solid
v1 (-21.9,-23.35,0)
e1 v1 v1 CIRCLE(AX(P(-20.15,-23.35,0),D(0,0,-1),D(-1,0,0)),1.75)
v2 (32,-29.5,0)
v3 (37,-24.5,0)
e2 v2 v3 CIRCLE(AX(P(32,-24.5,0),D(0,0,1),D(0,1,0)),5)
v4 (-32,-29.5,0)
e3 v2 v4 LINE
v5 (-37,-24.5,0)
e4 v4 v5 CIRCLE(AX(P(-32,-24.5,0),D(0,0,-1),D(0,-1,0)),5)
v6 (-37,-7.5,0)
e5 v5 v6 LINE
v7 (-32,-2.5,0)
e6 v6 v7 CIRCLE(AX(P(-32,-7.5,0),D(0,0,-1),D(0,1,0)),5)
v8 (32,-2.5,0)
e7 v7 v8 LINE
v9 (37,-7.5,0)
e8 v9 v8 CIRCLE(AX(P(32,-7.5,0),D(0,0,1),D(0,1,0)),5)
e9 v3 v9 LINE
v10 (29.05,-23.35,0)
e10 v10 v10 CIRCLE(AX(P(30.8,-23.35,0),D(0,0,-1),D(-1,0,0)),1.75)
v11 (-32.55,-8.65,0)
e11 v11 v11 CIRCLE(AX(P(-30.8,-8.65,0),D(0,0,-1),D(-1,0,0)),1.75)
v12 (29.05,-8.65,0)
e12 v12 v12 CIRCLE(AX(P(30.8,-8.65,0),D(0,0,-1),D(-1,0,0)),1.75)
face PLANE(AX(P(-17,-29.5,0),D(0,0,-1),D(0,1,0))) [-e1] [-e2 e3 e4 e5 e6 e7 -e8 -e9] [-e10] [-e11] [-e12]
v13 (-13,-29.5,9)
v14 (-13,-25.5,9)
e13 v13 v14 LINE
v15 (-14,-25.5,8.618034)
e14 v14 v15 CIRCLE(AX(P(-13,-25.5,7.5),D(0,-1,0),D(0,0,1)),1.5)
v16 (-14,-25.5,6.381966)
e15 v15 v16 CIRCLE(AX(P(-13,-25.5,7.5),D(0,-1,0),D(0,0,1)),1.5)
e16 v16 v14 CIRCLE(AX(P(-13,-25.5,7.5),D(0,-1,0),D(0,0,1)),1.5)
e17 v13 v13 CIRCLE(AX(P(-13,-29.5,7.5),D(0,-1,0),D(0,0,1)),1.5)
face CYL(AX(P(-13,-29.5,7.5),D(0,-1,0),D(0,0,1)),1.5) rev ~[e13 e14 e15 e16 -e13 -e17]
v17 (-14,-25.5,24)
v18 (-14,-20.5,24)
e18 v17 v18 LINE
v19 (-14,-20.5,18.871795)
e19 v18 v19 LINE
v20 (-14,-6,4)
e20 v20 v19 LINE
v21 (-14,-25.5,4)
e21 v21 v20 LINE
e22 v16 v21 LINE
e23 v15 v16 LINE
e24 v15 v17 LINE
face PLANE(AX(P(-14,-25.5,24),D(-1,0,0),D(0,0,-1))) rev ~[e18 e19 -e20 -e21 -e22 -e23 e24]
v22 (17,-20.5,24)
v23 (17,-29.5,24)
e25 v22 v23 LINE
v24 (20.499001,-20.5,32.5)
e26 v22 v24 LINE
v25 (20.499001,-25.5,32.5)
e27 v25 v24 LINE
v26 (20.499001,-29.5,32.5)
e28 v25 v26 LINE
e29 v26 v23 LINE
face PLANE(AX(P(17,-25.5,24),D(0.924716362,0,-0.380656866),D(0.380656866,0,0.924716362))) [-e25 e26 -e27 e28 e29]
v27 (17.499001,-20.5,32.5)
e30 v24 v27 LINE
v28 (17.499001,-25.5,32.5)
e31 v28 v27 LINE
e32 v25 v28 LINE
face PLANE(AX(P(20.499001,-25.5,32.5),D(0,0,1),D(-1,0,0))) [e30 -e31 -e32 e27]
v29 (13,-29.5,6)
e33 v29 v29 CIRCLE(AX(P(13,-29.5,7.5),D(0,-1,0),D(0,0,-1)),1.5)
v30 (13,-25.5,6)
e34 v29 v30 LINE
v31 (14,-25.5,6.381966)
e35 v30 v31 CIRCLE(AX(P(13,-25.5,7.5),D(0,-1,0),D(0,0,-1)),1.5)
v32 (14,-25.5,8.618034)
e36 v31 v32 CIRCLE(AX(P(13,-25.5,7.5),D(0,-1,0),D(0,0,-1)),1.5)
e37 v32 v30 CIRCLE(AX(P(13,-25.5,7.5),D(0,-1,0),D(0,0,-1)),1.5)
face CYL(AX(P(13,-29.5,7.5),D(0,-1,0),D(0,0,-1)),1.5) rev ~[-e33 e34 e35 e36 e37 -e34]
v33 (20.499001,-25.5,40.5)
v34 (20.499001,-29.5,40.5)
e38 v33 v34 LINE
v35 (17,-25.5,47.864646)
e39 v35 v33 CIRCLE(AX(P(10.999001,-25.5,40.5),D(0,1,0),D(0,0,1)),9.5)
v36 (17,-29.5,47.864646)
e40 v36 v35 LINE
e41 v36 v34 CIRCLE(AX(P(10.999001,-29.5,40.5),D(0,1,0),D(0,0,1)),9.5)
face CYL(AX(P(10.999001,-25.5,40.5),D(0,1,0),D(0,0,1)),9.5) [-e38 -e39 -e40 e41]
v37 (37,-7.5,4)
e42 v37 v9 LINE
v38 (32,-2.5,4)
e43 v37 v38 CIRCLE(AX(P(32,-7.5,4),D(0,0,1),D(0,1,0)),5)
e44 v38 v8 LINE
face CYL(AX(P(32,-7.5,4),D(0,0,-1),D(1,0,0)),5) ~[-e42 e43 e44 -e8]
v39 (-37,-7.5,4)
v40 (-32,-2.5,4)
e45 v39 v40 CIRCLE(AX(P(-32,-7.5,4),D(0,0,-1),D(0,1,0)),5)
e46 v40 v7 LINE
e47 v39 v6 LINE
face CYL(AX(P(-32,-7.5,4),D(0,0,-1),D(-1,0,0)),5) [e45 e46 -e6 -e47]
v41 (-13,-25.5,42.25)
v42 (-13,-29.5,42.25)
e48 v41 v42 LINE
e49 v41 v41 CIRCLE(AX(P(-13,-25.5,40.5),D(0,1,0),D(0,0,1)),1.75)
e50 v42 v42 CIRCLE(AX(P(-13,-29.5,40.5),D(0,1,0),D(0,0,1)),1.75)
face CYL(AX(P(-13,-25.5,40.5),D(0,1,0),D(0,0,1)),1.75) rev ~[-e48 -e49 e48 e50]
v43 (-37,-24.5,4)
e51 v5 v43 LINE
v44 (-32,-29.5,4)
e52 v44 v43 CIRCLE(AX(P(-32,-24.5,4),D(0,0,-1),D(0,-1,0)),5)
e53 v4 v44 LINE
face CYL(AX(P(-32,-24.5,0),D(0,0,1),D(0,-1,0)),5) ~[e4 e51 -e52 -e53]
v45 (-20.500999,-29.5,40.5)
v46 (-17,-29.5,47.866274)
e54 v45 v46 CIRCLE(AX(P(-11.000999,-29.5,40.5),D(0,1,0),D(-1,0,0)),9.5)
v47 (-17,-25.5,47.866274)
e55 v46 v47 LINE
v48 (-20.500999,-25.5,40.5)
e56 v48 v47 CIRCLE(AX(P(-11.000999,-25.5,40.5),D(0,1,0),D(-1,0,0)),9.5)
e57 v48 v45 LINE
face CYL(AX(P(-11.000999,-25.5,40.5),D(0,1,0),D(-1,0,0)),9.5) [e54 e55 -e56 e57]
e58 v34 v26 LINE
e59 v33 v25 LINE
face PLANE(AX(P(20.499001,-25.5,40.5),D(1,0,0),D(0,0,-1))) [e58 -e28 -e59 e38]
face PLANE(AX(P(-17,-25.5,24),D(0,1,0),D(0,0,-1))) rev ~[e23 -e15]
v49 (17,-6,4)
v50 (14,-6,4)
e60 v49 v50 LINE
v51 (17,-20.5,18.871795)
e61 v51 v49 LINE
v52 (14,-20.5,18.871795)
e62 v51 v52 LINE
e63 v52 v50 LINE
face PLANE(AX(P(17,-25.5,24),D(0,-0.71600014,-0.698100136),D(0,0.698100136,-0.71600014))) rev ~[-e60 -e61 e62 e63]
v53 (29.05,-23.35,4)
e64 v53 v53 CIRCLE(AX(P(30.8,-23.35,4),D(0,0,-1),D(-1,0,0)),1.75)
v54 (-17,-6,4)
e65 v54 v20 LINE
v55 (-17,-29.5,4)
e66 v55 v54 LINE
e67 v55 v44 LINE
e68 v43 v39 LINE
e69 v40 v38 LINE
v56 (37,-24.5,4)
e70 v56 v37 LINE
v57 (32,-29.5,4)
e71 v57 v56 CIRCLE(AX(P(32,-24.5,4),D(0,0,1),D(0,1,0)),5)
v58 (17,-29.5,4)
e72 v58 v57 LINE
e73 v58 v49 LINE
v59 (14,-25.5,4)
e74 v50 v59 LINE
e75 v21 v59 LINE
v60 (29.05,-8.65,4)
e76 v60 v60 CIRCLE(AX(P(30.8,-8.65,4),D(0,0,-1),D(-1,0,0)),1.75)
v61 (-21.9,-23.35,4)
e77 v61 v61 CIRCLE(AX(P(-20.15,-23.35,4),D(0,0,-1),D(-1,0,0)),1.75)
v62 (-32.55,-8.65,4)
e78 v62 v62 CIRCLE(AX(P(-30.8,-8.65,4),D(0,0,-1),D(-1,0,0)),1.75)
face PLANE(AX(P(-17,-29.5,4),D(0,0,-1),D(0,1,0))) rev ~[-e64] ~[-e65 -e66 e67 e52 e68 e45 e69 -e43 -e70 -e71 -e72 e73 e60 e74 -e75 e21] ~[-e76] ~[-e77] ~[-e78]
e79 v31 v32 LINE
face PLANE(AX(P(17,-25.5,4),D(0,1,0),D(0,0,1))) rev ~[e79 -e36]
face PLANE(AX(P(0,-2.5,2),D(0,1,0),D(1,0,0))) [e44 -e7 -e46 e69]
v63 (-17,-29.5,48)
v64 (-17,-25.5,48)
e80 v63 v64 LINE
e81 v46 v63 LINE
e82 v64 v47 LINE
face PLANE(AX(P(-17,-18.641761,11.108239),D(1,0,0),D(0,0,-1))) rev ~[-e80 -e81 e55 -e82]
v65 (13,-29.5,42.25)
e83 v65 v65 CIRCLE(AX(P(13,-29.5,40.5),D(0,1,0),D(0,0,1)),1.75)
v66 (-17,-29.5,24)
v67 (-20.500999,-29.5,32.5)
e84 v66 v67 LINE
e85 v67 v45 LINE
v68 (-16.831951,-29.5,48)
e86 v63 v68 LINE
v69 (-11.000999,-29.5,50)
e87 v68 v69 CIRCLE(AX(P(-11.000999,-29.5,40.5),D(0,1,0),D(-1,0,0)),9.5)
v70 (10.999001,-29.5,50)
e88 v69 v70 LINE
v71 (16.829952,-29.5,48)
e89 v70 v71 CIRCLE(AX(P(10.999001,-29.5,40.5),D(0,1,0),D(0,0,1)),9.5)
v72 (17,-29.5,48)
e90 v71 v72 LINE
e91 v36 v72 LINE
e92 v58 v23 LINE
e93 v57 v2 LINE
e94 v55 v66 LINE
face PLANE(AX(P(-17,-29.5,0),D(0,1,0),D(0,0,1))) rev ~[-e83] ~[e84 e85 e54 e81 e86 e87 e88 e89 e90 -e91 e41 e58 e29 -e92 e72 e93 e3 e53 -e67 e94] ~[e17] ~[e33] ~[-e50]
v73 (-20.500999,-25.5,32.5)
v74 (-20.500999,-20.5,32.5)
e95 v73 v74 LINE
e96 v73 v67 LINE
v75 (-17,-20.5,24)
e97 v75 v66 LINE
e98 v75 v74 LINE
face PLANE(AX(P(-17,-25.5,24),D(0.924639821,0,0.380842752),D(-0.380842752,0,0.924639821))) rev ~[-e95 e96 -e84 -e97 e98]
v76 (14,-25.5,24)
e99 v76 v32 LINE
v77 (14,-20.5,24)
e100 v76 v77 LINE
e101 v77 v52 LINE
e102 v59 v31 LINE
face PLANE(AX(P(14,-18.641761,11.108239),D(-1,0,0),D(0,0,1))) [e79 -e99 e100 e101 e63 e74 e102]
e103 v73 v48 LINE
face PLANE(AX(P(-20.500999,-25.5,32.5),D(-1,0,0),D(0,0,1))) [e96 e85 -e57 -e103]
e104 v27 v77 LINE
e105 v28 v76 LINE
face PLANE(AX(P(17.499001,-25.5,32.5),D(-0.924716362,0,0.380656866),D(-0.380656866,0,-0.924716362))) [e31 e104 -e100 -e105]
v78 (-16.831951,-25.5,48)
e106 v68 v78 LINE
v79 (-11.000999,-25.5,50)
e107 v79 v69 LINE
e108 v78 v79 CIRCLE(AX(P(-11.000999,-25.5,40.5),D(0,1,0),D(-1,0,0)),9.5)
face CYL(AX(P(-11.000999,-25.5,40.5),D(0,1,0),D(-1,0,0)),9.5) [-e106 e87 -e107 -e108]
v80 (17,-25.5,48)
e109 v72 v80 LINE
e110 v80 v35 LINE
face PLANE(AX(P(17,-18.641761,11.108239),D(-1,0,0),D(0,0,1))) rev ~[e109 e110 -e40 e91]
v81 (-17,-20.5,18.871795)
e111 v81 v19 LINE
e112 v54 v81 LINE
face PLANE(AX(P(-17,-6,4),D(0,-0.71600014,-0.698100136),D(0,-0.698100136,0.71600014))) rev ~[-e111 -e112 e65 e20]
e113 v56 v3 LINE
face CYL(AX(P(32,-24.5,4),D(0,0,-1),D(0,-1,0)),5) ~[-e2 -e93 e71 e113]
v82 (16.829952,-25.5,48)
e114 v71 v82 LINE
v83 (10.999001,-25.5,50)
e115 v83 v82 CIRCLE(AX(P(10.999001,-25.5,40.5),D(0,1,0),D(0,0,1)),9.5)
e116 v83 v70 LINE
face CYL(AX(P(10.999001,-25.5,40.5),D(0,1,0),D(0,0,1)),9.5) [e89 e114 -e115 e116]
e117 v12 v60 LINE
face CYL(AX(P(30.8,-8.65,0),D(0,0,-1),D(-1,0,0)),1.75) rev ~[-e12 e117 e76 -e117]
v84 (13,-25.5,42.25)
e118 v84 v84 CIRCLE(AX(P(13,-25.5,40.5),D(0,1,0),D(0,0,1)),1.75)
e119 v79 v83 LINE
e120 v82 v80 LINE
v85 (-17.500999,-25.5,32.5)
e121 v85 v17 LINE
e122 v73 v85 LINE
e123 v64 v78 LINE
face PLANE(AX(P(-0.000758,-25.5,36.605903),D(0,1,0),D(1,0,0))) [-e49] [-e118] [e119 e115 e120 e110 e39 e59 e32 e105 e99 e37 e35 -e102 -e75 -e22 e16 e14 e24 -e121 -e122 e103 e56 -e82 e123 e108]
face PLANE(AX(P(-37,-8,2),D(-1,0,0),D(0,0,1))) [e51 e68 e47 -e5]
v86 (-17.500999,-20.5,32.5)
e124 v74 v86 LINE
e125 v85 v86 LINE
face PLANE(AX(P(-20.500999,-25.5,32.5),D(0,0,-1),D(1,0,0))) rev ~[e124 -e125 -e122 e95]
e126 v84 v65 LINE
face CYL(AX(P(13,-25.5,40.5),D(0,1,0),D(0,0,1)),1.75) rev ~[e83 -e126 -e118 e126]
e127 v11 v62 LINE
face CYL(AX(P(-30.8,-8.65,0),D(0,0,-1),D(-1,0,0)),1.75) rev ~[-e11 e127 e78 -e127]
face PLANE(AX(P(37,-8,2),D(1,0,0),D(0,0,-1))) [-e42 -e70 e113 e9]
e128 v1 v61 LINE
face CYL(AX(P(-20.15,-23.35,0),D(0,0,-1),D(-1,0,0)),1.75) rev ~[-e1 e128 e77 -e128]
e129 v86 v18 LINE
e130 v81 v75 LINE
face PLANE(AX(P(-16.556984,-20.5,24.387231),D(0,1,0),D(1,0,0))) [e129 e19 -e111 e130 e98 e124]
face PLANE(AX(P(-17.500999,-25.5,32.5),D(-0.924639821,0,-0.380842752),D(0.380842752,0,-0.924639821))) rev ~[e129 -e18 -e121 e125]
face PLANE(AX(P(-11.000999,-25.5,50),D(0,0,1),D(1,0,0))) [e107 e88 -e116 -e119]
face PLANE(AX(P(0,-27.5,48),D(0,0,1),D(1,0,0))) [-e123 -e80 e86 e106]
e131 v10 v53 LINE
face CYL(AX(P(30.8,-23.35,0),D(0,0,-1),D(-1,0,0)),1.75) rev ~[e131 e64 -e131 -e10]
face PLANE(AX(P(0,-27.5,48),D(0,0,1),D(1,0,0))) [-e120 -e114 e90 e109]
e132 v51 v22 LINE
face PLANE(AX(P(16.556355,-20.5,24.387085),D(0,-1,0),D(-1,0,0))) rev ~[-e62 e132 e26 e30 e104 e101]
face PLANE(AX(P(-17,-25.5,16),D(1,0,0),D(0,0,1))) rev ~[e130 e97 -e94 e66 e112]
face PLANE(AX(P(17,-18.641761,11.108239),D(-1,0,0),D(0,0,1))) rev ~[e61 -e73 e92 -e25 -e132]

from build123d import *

# Parameters (mm, degrees)
SKETCH_1_W          = 34
SKETCH_1_H          = 51
EXTRUDE_1_DEPTH     = 4
SKETCH_5_W          = 34
SKETCH_5_H          = 15
EXTRUDE_2_DEPTH     = 4
SKETCH_6_R          = 1.5
CUT_EXTRUDE_3_DEPTH = 4
SKETCH_12_W         = 34
SKETCH_12_H         = 4
CUT_EXTRUDE_5_DEPTH = 5
SKETCH_13_W         = 34
SKETCH_13_H         = 4
CUT_EXTRUDE_6_DEPTH = 7
SKETCH_14_W         = 34
SKETCH_14_H         = 4
EXTRUDE_3_DEPTH     = 33
SKETCH_15_R         = 1.75
CUT_EXTRUDE_7_DEPTH = 44
EXTRUDE_4_DEPTH     = 3
EXTRUDE_5_DEPTH     = 3
SKETCH_18_R         = 1.75
EXTRUDE_6_DEPTH     = 4
EXTRUDE_7_DEPTH     = 5
SKETCH_20_W         = 4
SKETCH_20_H         = 43
EXTRUDE_8_DEPTH     = 20
SKETCH_21_W         = 4
SKETCH_21_H         = 43
EXTRUDE_9_DEPTH     = 20
SKETCH_22_W         = 74
SKETCH_22_H         = 4
CUT_EXTRUDE_8_DEPTH = 16
SKETCH_23_R         = 1.75
CUT_EXTRUDE_9_DEPTH = 16
FILLET_1_R          = 5


with BuildPart() as part:
    # 草图1 → 凸台-拉伸1 (new body)
    with BuildSketch(Plane.XY):
        Rectangle(SKETCH_1_W, SKETCH_1_H)
    extrude(amount=EXTRUDE_1_DEPTH)

    # 草图5 → 凸台-拉伸2 (add)
    with BuildSketch(Plane.XZ.offset(25.5)):
        with Locations((0, 7.5)):
            Rectangle(SKETCH_5_W, SKETCH_5_H)
    extrude(amount=EXTRUDE_2_DEPTH)

    # 草图6 → 切除-拉伸3 (cut)
    with BuildSketch(Plane.XZ.offset(29.5)):
        with Locations(Location((13, 7.5, 0), (0, 0, 270))):
            Circle(SKETCH_6_R)
        with Locations(Location((-13, 7.5, 0), (0, 0, 90))):
            Circle(SKETCH_6_R)
    extrude(amount=-CUT_EXTRUDE_3_DEPTH, mode=Mode.SUBTRACT)

    # 草图12 → 切除-拉伸5 (cut)
    with BuildSketch(Plane(origin=(0, 25.5, 0), x_dir=(1, 0, 0), z_dir=(0, 1, 0))):
        with Locations((0, -2)):
            Rectangle(SKETCH_12_W, SKETCH_12_H)
    extrude(amount=-CUT_EXTRUDE_5_DEPTH, mode=Mode.SUBTRACT)

    # 草图13 → 切除-拉伸6 (cut)
    with BuildSketch(Plane(origin=(0, 20.5, 0), x_dir=(1, 0, 0), z_dir=(0, 1, 0))):
        with Locations((0, -2)):
            Rectangle(SKETCH_13_W, SKETCH_13_H)
    extrude(amount=-CUT_EXTRUDE_6_DEPTH, mode=Mode.SUBTRACT)

    # 草图14 → 凸台-拉伸3 (add)
    with BuildSketch(Plane.XY.offset(15)):
        with Locations((0, -27.5)):
            Rectangle(SKETCH_14_W, SKETCH_14_H)
    extrude(amount=EXTRUDE_3_DEPTH)

    # 草图15 → 切除-拉伸7 (cut)
    with BuildSketch(Plane(origin=(0, -25.5, 0), x_dir=(1, 0, 0), z_dir=(0, 1, 0))):
        with Locations(Location((13, -40.5, 0), (0, 0, 270))):
            Circle(SKETCH_15_R)
        with Locations(Location((-13, -40.5, 0), (0, 0, 270))):
            Circle(SKETCH_15_R)
    extrude(amount=-CUT_EXTRUDE_7_DEPTH, mode=Mode.SUBTRACT)

    # 草图16 → 凸台-拉伸4 (add)
    with BuildSketch(Plane.ZY.offset(17)):
        Polygon((4, -25.5), (4, -6), (24, -25.5), align=None)
    extrude(amount=-EXTRUDE_4_DEPTH)

    # 草图17 → 凸台-拉伸5 (add)
    with BuildSketch(Plane(origin=(17, 0, 0), x_dir=(0, 0, -1), z_dir=(1, 0, 0))):
        Polygon((-24, -25.5), (-4, -6), (-4, -25.5), align=None)
    extrude(amount=-EXTRUDE_5_DEPTH)

    # 草图18 → 凸台-拉伸6 (add)
    with BuildSketch(Plane(origin=(0, -25.5, 0), x_dir=(1, 0, 0), z_dir=(0, 1, 0))):
        with BuildLine():
            Line((20.499000769, -32.499999751), (17, -24))
            Line((17, -24), (-17, -24))
            Line((-17, -24), (-20.500999231, -32.499999751))
            Line((-20.500999231, -32.499999751), (-20.500999231, -40.499999751))
            ThreePointArc((-20.500999231, -40.499999751), (-17.718513652, -47.217514172), (-11.000999231, -49.999999751))
            Line((-11.000999231, -49.999999751), (10.999000769, -49.999999751))
            ThreePointArc((10.999000769, -49.999999751), (17.71651519, -47.217514172), (20.499000769, -40.499999751))
            Line((20.499000769, -40.499999751), (20.499000769, -32.499999751))
        make_face()
        with Locations(Location((-13, -40.5, 0), (0, 0, 270))):
            Circle(SKETCH_18_R, mode=Mode.SUBTRACT)
        with Locations(Location((13, -40.5, 0), (0, 0, 270))):
            Circle(SKETCH_18_R, mode=Mode.SUBTRACT)
    extrude(amount=-EXTRUDE_6_DEPTH)

    # 草图19 → 凸台-拉伸7 (add)
    with BuildSketch(Plane(origin=(0, -25.5, 0), x_dir=(1, 0, 0), z_dir=(0, 1, 0))):
        Polygon((-20.500999231, -32.499999751), (-17.500999231, -32.499999751), (-14, -24), (-14, -16), (-17, -16), (-17, -24), align=None)
        Polygon((17, -24), (20.499000769, -32.499999751), (17.499000769, -32.499999751), (14, -24), (14, -16), (17, -16), align=None)
    extrude(amount=EXTRUDE_7_DEPTH)

    # 草图20 → 凸台-拉伸8 (add)
    with BuildSketch(Plane(origin=(17, 0, 0), x_dir=(0, 0, -1), z_dir=(1, 0, 0))):
        with Locations((-2, -8)):
            Rectangle(SKETCH_20_W, SKETCH_20_H)
    extrude(amount=EXTRUDE_8_DEPTH)

    # 草图21 → 凸台-拉伸9 (add)
    with BuildSketch(Plane.ZY.offset(17)):
        with Locations((2, -8)):
            Rectangle(SKETCH_21_W, SKETCH_21_H)
    extrude(amount=EXTRUDE_9_DEPTH)

    # 草图22 → 切除-拉伸8 (cut)
    with BuildSketch(Plane(origin=(0, 13.5, 0), x_dir=(1, 0, 0), z_dir=(0, 1, 0))):
        with Locations((0, -2)):
            Rectangle(SKETCH_22_W, SKETCH_22_H)
    extrude(amount=-CUT_EXTRUDE_8_DEPTH, mode=Mode.SUBTRACT)

    # 草图23 → 切除-拉伸9 (cut)
    with BuildSketch(Plane(origin=(0, 0, 0), x_dir=(-1, 0, 0), z_dir=(0, 0, -1))):
        with Locations((30.8, -8.65)):
            Circle(SKETCH_23_R)
        with Locations((-30.8, -8.65)):
            Circle(SKETCH_23_R)
        with Locations((-30.8, -23.35)):
            Circle(SKETCH_23_R)
        with Locations((20.15, -23.35)):
            Circle(SKETCH_23_R)
    extrude(amount=-CUT_EXTRUDE_9_DEPTH, mode=Mode.SUBTRACT)

    # 圆角1
    fillet_1_edges = [part.edges().sort_by_distance(p)[0] for p in [
        (37, -29.5, 2),
        (-37, -29.5, 2),
        (-37, -2.5, 2),
        (37, -2.5, 2),
    ]]
    fillet(fillet_1_edges, radius=FILLET_1_R)


solid = part.part
